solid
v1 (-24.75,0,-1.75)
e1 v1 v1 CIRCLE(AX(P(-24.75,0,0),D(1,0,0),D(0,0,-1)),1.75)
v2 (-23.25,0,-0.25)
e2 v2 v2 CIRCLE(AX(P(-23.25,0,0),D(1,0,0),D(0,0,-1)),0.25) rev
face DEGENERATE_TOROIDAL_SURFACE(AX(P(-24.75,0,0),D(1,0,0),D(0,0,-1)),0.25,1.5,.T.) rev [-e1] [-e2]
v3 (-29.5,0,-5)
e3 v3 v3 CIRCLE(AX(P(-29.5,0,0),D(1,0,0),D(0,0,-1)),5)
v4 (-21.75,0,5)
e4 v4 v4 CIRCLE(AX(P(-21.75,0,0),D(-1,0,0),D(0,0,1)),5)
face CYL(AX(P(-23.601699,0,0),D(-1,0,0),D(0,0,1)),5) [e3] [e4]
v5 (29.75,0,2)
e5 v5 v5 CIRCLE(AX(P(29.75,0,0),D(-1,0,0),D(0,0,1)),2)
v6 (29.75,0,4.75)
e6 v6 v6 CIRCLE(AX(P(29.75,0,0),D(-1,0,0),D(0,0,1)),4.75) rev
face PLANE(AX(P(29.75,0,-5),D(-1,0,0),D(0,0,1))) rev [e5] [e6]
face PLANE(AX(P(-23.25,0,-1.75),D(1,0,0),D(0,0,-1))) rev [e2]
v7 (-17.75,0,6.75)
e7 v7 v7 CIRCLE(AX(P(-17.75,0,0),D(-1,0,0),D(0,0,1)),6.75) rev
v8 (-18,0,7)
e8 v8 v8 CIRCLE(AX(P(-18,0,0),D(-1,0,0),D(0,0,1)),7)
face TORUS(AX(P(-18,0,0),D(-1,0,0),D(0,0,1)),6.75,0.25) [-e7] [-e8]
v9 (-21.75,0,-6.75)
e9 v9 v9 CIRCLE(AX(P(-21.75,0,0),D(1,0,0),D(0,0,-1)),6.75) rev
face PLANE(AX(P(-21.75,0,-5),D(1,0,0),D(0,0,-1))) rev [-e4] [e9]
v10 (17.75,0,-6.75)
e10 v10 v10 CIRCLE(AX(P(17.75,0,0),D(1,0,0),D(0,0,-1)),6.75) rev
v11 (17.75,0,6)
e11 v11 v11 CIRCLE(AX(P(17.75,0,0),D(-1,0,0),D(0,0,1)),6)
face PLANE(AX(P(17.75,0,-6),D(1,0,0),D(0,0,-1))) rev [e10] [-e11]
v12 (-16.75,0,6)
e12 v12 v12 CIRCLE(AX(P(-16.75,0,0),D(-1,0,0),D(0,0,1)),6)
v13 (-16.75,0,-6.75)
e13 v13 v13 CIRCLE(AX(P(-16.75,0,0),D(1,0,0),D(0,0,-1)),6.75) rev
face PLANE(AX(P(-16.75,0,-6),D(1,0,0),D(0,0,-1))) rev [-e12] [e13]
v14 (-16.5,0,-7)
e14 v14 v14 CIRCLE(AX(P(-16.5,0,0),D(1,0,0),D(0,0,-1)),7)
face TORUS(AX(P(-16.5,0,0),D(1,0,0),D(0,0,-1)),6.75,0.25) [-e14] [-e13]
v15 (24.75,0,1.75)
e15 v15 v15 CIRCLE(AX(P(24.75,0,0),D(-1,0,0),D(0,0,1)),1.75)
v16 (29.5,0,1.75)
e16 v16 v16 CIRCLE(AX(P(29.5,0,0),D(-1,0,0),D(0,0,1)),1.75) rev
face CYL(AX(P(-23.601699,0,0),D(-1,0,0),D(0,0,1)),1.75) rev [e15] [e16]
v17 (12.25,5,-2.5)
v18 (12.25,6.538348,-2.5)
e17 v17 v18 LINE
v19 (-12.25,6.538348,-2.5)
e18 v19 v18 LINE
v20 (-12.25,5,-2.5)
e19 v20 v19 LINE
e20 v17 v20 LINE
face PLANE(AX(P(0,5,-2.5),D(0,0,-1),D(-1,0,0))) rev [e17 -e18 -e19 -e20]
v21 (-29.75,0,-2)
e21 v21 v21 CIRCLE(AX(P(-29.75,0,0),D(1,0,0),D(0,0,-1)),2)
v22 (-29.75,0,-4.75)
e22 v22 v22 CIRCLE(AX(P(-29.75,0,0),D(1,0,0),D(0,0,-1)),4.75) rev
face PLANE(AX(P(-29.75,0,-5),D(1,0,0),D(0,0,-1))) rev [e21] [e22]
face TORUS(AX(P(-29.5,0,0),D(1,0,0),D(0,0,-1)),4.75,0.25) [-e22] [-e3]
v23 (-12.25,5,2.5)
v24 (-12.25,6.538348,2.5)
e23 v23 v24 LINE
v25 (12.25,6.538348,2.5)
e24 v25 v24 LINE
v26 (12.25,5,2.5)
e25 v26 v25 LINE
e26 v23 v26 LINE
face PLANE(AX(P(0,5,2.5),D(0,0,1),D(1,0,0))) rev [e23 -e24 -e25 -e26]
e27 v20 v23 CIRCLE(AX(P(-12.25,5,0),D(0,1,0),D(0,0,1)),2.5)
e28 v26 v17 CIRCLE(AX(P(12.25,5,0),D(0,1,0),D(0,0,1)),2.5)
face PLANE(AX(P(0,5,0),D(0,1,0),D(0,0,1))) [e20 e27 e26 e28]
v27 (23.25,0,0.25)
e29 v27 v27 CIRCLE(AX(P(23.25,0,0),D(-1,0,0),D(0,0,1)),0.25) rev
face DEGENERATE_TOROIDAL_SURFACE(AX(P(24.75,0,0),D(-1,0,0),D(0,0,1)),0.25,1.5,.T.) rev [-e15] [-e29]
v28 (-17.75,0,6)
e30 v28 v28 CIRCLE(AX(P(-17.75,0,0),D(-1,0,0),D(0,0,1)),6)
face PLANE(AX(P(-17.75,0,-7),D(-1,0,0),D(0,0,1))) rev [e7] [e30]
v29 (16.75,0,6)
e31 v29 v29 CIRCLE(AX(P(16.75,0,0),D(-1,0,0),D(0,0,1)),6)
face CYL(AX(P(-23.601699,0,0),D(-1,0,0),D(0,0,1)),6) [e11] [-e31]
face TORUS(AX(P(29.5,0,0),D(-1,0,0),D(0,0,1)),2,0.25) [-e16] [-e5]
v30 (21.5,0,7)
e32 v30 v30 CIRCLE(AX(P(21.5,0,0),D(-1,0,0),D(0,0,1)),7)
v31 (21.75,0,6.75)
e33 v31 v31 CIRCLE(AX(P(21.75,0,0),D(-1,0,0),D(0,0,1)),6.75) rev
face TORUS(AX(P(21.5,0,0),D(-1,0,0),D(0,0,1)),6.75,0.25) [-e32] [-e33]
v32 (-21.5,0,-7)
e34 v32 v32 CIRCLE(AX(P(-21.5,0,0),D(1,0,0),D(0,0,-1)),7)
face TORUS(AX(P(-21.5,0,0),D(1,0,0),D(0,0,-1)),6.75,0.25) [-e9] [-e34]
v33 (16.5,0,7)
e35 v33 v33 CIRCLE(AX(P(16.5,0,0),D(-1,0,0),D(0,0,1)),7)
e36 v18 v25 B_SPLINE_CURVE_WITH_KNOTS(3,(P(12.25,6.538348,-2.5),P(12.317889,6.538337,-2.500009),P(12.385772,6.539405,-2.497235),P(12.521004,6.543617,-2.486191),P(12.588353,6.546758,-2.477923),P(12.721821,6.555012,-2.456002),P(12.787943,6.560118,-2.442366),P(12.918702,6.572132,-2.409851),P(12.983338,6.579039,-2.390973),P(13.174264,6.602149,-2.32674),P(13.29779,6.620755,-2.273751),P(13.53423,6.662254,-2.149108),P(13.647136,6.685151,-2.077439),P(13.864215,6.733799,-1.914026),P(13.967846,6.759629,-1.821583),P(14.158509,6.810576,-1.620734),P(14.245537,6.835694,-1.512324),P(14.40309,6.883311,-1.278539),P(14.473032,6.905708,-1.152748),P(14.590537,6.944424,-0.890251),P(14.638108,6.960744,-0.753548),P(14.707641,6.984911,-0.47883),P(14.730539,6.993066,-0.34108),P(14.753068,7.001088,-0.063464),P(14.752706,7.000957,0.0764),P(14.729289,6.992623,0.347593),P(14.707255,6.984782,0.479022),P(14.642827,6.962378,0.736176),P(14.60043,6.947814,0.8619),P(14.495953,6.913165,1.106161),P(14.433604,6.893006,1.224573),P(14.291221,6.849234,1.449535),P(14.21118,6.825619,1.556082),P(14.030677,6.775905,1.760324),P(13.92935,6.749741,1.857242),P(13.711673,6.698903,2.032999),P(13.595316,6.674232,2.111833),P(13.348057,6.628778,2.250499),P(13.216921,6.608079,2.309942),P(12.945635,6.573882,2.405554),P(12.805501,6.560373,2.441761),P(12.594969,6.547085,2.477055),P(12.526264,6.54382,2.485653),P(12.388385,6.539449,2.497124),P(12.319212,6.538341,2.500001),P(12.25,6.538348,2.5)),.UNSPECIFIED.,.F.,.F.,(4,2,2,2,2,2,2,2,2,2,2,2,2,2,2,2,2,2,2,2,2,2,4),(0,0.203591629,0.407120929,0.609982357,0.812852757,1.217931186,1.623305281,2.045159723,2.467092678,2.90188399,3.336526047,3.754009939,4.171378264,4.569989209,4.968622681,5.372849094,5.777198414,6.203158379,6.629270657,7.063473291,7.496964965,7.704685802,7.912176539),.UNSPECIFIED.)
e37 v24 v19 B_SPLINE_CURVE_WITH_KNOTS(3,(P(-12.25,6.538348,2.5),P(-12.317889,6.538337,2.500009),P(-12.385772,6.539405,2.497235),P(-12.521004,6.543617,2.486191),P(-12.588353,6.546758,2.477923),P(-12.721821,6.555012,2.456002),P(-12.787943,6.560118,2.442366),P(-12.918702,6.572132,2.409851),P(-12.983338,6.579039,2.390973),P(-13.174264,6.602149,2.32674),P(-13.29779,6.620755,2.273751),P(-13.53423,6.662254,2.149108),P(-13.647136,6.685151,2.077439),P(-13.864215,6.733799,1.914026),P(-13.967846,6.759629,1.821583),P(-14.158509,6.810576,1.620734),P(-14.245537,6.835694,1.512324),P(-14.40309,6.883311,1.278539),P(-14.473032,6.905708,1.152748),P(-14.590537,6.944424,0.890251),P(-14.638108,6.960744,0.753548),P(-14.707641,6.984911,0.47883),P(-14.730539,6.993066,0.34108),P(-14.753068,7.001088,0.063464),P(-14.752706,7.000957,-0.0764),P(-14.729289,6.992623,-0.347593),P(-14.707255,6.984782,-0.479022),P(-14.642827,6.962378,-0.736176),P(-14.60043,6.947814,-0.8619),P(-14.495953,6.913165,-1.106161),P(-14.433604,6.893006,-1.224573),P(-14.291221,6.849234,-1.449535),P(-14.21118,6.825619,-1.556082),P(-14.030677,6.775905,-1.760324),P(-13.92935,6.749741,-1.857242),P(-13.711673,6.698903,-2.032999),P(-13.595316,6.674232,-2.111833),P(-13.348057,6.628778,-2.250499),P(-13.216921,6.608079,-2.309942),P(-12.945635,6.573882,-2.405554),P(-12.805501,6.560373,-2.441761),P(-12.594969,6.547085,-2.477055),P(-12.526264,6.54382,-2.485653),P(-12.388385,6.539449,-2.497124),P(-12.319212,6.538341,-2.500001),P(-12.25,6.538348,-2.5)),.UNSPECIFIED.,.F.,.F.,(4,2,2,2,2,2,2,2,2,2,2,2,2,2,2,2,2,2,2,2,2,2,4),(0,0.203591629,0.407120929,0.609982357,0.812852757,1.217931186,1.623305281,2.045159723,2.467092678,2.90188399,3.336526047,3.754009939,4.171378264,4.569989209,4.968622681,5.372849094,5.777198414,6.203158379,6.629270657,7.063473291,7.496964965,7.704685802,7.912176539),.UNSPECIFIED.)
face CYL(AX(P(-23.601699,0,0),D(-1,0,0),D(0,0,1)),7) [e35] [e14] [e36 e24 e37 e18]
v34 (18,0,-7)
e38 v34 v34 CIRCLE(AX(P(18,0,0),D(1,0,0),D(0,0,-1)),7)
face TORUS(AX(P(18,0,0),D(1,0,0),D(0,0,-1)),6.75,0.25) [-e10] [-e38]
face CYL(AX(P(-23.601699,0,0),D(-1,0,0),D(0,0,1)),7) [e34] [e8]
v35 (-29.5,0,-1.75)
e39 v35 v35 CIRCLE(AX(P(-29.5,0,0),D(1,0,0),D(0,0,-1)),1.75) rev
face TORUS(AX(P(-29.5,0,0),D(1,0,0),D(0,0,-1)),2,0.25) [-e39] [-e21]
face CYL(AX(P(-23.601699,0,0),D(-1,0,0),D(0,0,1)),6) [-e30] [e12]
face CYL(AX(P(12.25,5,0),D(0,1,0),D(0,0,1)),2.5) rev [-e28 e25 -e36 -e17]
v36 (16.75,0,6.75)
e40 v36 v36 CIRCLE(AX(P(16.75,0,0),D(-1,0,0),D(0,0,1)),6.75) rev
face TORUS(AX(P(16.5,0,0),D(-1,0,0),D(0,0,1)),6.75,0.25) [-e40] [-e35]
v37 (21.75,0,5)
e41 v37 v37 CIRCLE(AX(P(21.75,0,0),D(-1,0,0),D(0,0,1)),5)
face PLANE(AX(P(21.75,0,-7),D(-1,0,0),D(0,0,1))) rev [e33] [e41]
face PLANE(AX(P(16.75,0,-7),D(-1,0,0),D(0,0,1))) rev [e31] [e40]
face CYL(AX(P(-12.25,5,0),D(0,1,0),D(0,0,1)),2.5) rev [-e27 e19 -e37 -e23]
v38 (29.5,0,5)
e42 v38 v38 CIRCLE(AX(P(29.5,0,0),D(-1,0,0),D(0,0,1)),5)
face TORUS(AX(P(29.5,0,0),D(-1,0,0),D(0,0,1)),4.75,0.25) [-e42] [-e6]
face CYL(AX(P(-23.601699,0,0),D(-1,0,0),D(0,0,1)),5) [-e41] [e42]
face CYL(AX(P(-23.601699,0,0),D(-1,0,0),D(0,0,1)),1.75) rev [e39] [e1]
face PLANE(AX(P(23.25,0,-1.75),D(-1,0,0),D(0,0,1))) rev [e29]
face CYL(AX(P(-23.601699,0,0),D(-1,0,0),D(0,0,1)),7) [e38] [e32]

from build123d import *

# Parameters (mm, degrees)
FILLET1_R          = 0.25
FILLET2_R          = 1.5
SKETCH4_R          = 2.5
CUT_EXTRUDE1_DEPTH = 2


with BuildPart() as part:
    # Sketch3 → Revolve1 (revolve)
    with BuildSketch(Plane(origin=(0, 0, 0), x_dir=(1, 0, 0), z_dir=(0, 1, 0)), mode=Mode.PRIVATE) as revolve1_sk:
        Polygon((-29.75, 5), (-21.75, 5), (-21.75, 7), (-17.75, 7), (-17.75, 6), (-16.75, 6), (-16.75, 7), (16.75, 7), (16.75, 6), (17.75, 6), (17.75, 7), (21.75, 7), (21.75, 5), (29.75, 5), (29.75, 1.75), (23.25, 1.75), (23.25, 0), (-23.25, 0), (-23.25, 1.75), (-29.75, 1.75), align=None)
    revolve(revolve1_sk.sketch.rotate(Axis((-23.601699036, 0, 0), (1, 0, 0)), 180), axis=Axis((-23.601699036, 0, 0), (1, 0, 0)))

    # Fillet1
    fillet1_edges = [part.edges().sort_by_distance(p)[0] for p in [
        (-29.75, 0, -1.75),
        (-29.75, 0, -5),
        (-21.75, 0, -7),
        (-17.75, 0, -7),
        (-16.75, 0, -7),
        (16.75, 0, -7),
        (17.75, 0, -7),
        (21.75, 0, -7),
        (29.75, 0, -5),
        (29.75, 0, -1.75),
    ]]
    fillet(fillet1_edges, radius=FILLET1_R)

    # Fillet2
    fillet2_edges = [part.edges().sort_by_distance(p)[0] for p in [
        (-23.25, 0, -1.75),
        (23.25, 0, -1.75),
    ]]
    fillet(fillet2_edges, radius=FILLET2_R)

    # Sketch4 → Cut-Extrude1 (cut)
    with BuildSketch(Plane(origin=(0, 7, 0), x_dir=(1, 0, 0), z_dir=(0, 1, 0))):
        with BuildLine():
            ThreePointArc((-9.75, 0), (-10.482233047, -1.767766953), (-12.25, -2.5))
            Line((-12.25, -2.5), (12.25, -2.5))
            ThreePointArc((12.25, -2.5), (9.75, 0), (12.25, 2.5))
            Line((12.25, 2.5), (-12.25, 2.5))
            ThreePointArc((-12.25, 2.5), (-10.482233047, 1.767766953), (-9.75, 0))
        make_face()
        with Locations((-12.25, 0)):
            Circle(SKETCH4_R)
        with Locations((12.25, 0)):
            Circle(SKETCH4_R)
    extrude(amount=-CUT_EXTRUDE1_DEPTH, mode=Mode.SUBTRACT)


solid = part.part
